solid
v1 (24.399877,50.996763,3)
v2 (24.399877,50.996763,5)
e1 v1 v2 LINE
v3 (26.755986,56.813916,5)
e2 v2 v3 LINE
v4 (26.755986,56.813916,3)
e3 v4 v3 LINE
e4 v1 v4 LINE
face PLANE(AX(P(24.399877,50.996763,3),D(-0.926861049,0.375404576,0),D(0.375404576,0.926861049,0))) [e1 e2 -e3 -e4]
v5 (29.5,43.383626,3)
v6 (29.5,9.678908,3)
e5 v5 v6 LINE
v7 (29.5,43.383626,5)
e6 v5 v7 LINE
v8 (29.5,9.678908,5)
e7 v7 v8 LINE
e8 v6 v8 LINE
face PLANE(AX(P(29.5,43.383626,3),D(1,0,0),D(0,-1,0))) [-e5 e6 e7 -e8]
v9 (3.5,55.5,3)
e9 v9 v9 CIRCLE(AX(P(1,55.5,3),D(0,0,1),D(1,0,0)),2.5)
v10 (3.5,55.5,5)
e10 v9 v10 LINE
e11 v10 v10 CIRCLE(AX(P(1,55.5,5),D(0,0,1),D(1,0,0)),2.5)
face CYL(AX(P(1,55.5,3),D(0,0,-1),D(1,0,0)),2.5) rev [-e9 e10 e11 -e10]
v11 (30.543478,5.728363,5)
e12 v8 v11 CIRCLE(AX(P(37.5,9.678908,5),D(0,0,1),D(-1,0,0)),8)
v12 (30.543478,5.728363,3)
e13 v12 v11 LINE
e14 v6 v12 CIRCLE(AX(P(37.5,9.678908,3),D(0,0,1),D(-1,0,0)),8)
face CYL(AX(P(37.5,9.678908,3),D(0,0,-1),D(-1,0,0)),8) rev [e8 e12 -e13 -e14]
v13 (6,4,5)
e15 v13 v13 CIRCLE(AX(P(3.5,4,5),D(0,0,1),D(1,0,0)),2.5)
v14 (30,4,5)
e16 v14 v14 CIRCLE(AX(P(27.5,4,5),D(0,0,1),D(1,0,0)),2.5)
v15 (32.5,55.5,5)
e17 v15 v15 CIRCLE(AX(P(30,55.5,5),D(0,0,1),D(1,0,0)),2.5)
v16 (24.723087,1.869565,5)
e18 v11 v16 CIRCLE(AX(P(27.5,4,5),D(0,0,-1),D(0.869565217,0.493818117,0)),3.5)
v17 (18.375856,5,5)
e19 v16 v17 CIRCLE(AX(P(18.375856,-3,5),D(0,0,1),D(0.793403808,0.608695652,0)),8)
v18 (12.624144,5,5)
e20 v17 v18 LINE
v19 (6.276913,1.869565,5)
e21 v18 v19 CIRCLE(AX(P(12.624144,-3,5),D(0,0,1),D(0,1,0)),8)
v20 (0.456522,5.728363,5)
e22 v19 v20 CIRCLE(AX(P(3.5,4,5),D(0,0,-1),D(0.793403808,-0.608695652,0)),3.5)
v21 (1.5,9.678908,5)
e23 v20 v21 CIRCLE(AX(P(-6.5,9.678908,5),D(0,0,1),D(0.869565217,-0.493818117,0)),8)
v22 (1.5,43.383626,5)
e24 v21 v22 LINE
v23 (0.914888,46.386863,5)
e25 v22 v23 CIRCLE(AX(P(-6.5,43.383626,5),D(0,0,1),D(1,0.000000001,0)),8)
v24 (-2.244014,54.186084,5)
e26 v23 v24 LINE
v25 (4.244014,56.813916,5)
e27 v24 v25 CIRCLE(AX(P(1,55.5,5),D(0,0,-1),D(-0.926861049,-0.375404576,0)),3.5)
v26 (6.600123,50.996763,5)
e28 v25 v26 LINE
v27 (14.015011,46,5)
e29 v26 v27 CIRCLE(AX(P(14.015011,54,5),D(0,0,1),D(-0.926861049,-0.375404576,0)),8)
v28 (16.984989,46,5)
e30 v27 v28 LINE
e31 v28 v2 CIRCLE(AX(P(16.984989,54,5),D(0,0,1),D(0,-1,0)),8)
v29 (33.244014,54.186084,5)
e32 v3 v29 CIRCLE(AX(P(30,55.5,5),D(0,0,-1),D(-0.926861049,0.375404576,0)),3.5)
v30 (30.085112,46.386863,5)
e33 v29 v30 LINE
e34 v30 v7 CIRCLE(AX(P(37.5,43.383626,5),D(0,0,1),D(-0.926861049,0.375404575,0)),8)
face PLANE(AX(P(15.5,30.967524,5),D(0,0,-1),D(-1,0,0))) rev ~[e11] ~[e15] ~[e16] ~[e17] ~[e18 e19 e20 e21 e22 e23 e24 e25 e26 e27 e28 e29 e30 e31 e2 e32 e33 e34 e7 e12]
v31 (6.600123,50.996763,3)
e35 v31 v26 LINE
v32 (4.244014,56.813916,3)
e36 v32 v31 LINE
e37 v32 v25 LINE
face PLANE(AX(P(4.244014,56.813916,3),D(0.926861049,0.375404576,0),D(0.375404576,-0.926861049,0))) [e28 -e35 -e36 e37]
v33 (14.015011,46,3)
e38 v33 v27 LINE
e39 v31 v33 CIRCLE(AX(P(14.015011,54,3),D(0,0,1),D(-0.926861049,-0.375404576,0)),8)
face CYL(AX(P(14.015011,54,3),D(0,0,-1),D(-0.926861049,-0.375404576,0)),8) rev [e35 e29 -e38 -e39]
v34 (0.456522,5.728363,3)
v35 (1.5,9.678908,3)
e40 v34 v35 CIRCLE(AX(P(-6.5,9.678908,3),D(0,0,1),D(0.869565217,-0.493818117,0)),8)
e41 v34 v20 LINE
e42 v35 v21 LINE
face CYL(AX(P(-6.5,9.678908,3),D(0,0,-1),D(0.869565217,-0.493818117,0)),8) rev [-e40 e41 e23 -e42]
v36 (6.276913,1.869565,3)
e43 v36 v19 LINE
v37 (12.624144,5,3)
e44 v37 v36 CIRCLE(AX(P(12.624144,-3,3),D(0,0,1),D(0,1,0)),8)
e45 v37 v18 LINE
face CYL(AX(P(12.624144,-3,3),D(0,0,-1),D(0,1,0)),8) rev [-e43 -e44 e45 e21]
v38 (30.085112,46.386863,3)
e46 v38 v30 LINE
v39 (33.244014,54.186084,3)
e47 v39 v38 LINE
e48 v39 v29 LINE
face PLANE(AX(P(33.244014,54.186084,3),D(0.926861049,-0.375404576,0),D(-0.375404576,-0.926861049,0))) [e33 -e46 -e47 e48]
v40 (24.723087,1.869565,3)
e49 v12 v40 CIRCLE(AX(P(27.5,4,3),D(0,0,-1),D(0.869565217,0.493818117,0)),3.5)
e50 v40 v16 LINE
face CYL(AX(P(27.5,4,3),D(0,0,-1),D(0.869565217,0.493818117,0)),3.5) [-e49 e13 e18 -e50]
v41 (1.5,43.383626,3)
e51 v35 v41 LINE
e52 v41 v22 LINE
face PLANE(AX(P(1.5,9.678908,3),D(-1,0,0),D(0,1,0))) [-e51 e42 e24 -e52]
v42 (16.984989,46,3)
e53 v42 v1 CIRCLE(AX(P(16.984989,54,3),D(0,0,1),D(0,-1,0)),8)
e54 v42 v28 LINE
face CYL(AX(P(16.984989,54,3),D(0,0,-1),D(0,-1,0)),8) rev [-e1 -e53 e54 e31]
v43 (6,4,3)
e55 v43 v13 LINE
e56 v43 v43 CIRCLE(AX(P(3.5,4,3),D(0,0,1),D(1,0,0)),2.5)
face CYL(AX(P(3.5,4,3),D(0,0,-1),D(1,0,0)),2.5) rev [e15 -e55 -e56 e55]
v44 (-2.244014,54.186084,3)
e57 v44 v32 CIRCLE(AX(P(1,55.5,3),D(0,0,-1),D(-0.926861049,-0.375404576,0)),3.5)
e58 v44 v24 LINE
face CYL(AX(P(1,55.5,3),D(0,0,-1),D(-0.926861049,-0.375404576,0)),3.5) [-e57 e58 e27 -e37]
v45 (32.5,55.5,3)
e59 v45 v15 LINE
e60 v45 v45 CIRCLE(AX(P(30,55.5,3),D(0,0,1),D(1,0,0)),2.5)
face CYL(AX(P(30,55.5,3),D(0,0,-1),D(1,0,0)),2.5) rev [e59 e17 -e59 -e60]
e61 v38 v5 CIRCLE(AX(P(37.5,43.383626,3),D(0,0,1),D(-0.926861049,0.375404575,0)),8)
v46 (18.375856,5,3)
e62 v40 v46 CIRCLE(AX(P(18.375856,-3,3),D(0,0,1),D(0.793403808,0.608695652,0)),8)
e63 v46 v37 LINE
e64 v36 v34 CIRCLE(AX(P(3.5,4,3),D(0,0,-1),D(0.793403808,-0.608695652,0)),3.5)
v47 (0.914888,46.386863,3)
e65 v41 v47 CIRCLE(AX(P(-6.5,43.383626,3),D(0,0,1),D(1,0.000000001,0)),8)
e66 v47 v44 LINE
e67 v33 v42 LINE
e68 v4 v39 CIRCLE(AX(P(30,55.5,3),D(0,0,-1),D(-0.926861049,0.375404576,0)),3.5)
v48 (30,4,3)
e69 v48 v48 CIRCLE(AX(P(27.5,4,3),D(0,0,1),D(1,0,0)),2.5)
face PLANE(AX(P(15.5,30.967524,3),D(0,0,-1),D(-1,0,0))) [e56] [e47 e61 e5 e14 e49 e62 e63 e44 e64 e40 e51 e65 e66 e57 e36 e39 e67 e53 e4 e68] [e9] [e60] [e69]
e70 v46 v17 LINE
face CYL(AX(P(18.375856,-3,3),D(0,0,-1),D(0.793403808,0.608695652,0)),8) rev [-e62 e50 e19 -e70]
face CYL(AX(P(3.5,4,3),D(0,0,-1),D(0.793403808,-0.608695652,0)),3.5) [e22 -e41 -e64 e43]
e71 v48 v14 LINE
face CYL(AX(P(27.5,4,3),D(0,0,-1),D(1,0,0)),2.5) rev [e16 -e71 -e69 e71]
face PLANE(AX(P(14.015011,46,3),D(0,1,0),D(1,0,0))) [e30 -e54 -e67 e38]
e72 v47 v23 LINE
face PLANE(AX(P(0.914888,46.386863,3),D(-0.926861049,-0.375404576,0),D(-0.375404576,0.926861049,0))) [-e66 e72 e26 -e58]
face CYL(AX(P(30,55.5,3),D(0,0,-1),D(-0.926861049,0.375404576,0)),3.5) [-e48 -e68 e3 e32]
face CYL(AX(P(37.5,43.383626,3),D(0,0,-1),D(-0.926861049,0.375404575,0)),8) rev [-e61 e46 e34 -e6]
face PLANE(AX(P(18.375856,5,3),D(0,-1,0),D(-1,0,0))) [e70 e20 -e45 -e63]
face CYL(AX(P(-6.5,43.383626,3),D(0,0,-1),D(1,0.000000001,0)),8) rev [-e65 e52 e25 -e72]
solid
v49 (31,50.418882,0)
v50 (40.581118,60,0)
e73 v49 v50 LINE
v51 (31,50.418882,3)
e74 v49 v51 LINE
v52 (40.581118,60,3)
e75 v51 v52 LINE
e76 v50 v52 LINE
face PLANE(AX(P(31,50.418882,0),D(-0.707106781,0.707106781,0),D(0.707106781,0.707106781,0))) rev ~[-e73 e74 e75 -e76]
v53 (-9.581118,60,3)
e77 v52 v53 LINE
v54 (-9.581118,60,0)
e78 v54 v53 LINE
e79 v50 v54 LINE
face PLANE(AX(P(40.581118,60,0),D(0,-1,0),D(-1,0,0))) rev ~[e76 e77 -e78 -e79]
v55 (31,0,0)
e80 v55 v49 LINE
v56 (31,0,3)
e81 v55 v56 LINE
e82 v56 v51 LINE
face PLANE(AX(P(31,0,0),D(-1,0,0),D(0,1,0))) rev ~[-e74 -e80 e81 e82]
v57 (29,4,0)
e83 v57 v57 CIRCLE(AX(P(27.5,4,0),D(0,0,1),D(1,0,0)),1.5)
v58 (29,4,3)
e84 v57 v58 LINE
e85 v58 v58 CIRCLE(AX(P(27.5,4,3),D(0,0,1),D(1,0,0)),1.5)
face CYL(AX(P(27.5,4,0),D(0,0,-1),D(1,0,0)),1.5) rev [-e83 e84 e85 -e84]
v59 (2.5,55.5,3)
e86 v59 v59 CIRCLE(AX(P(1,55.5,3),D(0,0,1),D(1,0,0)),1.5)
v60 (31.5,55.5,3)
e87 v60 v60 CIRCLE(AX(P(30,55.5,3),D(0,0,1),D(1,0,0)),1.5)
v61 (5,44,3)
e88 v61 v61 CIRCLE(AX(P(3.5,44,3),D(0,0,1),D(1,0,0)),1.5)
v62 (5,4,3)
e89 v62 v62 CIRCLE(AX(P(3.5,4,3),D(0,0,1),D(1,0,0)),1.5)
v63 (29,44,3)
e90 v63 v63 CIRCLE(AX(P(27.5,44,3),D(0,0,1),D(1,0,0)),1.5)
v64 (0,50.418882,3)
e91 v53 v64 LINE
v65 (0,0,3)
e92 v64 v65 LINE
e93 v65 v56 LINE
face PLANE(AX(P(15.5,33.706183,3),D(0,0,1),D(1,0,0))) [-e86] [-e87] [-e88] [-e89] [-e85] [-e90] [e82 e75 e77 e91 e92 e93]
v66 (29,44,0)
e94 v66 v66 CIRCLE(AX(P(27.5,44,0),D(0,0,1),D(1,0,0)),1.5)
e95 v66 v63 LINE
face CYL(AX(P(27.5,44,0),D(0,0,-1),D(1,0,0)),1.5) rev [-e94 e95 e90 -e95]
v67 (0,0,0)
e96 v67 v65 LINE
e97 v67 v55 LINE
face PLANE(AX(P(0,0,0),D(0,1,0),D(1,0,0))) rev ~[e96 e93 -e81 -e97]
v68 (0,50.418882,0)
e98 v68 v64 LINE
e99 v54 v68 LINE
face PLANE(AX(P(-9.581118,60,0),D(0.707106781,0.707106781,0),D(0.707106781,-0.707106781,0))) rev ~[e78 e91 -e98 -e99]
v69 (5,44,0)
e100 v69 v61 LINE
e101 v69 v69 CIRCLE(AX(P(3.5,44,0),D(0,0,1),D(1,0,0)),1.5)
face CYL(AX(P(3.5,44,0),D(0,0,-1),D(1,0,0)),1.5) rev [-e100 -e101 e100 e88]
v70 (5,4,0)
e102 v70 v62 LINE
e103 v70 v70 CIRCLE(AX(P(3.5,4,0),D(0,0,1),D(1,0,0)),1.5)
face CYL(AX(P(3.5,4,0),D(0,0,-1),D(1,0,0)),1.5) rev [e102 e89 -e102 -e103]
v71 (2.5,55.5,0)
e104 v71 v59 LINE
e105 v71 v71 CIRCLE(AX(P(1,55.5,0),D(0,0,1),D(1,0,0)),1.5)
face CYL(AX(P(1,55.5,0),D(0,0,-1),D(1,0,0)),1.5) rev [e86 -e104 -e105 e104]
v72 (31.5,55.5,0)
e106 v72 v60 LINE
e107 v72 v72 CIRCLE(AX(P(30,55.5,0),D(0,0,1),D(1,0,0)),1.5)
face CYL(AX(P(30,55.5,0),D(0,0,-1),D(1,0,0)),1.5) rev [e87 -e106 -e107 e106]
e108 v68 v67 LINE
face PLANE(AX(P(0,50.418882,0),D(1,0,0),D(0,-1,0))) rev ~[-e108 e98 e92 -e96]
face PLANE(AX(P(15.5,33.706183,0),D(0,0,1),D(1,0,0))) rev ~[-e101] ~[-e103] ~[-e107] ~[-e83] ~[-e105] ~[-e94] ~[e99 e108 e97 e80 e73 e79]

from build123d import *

# Parameters (mm, degrees)
SKETCH1_R           = 1.5
BOSS_EXTRUDE1_DEPTH = 3
SKETCH2_R           = 2.5
BOSS_EXTRUDE2_DEPTH = 2


with BuildPart() as part:
    # Sketch1 → Boss-Extrude1 (new body)
    with BuildSketch(Plane.XY):
        Polygon((0, 0), (31, 0), (31, 50.418881682), (40.581118318, 60), (-9.581118318, 60), (0, 50.418881682), align=None)
        with Locations((30, 55.5)):
            Circle(SKETCH1_R, mode=Mode.SUBTRACT)
        with Locations((27.5, 44)):
            Circle(SKETCH1_R, mode=Mode.SUBTRACT)
        with Locations((27.5, 4)):
            Circle(SKETCH1_R, mode=Mode.SUBTRACT)
        with Locations((3.5, 4)):
            Circle(SKETCH1_R, mode=Mode.SUBTRACT)
        with Locations((3.5, 44)):
            Circle(SKETCH1_R, mode=Mode.SUBTRACT)
        with Locations((1, 55.5)):
            Circle(SKETCH1_R, mode=Mode.SUBTRACT)
    extrude(amount=BOSS_EXTRUDE1_DEPTH)


with BuildPart() as body_2:
    # Sketch2 → Boss-Extrude2 (new body)
    with BuildSketch(Plane.XY.offset(3)):
        with BuildLine():
            Line((14.015011123, 46), (16.984988877, 46))
            ThreePointArc((16.984988877, 46), (21.455677143, 47.365774617), (24.39987727, 50.996763393))
            Line((24.39987727, 50.996763393), (26.755986328, 56.813916016))
            ThreePointArc((26.755986328, 56.813916016), (31.313916016, 58.744013672), (33.244013672, 54.186083984))
            Line((33.244013672, 54.186083984), (30.085111607, 46.386862904))
            ThreePointArc((30.085111607, 46.386862904), (29.647640255, 44.913478063), (29.5, 43.383626297))
            Line((29.5, 43.383626297), (29.5, 9.678908346))
            ThreePointArc((29.5, 9.678908346), (29.765267493, 7.635892672), (30.543478261, 5.72836341))
            ThreePointArc((30.543478261, 5.72836341), (29.433997179, 1.082868719), (24.723086671, 1.869565217))
            ThreePointArc((24.723086671, 1.869565217), (21.914463152, 4.17483525), (18.375856205, 5))
            Line((18.375856205, 5), (12.624143795, 5))
            ThreePointArc((12.624143795, 5), (9.085536848, 4.17483525), (6.276913329, 1.869565217))
            ThreePointArc((6.276913329, 1.869565217), (1.566002821, 1.082868719), (0.456521739, 5.72836341))
            ThreePointArc((0.456521739, 5.72836341), (1.234732507, 7.635892672), (1.5, 9.678908346))
            Line((1.5, 9.678908346), (1.5, 43.383626297))
            ThreePointArc((1.5, 43.383626297), (1.352359745, 44.913478063), (0.914888393, 46.386862904))
            Line((0.914888393, 46.386862904), (-2.244013672, 54.186083984))
            ThreePointArc((-2.244013672, 54.186083984), (-0.313916016, 58.744013672), (4.244013672, 56.813916016))
            Line((4.244013672, 56.813916016), (6.60012273, 50.996763393))
            ThreePointArc((6.60012273, 50.996763393), (9.544322857, 47.365774617), (14.015011123, 46))
        make_face()
        with Locations((27.5, 4)):
            Circle(SKETCH2_R, mode=Mode.SUBTRACT)
        with Locations((30, 55.5)):
            Circle(SKETCH2_R, mode=Mode.SUBTRACT)
        with Locations((1, 55.5)):
            Circle(SKETCH2_R, mode=Mode.SUBTRACT)
        with Locations((3.5, 4)):
            Circle(SKETCH2_R, mode=Mode.SUBTRACT)
    extrude(amount=BOSS_EXTRUDE2_DEPTH)


solid = Compound([part.part, body_2.part])
